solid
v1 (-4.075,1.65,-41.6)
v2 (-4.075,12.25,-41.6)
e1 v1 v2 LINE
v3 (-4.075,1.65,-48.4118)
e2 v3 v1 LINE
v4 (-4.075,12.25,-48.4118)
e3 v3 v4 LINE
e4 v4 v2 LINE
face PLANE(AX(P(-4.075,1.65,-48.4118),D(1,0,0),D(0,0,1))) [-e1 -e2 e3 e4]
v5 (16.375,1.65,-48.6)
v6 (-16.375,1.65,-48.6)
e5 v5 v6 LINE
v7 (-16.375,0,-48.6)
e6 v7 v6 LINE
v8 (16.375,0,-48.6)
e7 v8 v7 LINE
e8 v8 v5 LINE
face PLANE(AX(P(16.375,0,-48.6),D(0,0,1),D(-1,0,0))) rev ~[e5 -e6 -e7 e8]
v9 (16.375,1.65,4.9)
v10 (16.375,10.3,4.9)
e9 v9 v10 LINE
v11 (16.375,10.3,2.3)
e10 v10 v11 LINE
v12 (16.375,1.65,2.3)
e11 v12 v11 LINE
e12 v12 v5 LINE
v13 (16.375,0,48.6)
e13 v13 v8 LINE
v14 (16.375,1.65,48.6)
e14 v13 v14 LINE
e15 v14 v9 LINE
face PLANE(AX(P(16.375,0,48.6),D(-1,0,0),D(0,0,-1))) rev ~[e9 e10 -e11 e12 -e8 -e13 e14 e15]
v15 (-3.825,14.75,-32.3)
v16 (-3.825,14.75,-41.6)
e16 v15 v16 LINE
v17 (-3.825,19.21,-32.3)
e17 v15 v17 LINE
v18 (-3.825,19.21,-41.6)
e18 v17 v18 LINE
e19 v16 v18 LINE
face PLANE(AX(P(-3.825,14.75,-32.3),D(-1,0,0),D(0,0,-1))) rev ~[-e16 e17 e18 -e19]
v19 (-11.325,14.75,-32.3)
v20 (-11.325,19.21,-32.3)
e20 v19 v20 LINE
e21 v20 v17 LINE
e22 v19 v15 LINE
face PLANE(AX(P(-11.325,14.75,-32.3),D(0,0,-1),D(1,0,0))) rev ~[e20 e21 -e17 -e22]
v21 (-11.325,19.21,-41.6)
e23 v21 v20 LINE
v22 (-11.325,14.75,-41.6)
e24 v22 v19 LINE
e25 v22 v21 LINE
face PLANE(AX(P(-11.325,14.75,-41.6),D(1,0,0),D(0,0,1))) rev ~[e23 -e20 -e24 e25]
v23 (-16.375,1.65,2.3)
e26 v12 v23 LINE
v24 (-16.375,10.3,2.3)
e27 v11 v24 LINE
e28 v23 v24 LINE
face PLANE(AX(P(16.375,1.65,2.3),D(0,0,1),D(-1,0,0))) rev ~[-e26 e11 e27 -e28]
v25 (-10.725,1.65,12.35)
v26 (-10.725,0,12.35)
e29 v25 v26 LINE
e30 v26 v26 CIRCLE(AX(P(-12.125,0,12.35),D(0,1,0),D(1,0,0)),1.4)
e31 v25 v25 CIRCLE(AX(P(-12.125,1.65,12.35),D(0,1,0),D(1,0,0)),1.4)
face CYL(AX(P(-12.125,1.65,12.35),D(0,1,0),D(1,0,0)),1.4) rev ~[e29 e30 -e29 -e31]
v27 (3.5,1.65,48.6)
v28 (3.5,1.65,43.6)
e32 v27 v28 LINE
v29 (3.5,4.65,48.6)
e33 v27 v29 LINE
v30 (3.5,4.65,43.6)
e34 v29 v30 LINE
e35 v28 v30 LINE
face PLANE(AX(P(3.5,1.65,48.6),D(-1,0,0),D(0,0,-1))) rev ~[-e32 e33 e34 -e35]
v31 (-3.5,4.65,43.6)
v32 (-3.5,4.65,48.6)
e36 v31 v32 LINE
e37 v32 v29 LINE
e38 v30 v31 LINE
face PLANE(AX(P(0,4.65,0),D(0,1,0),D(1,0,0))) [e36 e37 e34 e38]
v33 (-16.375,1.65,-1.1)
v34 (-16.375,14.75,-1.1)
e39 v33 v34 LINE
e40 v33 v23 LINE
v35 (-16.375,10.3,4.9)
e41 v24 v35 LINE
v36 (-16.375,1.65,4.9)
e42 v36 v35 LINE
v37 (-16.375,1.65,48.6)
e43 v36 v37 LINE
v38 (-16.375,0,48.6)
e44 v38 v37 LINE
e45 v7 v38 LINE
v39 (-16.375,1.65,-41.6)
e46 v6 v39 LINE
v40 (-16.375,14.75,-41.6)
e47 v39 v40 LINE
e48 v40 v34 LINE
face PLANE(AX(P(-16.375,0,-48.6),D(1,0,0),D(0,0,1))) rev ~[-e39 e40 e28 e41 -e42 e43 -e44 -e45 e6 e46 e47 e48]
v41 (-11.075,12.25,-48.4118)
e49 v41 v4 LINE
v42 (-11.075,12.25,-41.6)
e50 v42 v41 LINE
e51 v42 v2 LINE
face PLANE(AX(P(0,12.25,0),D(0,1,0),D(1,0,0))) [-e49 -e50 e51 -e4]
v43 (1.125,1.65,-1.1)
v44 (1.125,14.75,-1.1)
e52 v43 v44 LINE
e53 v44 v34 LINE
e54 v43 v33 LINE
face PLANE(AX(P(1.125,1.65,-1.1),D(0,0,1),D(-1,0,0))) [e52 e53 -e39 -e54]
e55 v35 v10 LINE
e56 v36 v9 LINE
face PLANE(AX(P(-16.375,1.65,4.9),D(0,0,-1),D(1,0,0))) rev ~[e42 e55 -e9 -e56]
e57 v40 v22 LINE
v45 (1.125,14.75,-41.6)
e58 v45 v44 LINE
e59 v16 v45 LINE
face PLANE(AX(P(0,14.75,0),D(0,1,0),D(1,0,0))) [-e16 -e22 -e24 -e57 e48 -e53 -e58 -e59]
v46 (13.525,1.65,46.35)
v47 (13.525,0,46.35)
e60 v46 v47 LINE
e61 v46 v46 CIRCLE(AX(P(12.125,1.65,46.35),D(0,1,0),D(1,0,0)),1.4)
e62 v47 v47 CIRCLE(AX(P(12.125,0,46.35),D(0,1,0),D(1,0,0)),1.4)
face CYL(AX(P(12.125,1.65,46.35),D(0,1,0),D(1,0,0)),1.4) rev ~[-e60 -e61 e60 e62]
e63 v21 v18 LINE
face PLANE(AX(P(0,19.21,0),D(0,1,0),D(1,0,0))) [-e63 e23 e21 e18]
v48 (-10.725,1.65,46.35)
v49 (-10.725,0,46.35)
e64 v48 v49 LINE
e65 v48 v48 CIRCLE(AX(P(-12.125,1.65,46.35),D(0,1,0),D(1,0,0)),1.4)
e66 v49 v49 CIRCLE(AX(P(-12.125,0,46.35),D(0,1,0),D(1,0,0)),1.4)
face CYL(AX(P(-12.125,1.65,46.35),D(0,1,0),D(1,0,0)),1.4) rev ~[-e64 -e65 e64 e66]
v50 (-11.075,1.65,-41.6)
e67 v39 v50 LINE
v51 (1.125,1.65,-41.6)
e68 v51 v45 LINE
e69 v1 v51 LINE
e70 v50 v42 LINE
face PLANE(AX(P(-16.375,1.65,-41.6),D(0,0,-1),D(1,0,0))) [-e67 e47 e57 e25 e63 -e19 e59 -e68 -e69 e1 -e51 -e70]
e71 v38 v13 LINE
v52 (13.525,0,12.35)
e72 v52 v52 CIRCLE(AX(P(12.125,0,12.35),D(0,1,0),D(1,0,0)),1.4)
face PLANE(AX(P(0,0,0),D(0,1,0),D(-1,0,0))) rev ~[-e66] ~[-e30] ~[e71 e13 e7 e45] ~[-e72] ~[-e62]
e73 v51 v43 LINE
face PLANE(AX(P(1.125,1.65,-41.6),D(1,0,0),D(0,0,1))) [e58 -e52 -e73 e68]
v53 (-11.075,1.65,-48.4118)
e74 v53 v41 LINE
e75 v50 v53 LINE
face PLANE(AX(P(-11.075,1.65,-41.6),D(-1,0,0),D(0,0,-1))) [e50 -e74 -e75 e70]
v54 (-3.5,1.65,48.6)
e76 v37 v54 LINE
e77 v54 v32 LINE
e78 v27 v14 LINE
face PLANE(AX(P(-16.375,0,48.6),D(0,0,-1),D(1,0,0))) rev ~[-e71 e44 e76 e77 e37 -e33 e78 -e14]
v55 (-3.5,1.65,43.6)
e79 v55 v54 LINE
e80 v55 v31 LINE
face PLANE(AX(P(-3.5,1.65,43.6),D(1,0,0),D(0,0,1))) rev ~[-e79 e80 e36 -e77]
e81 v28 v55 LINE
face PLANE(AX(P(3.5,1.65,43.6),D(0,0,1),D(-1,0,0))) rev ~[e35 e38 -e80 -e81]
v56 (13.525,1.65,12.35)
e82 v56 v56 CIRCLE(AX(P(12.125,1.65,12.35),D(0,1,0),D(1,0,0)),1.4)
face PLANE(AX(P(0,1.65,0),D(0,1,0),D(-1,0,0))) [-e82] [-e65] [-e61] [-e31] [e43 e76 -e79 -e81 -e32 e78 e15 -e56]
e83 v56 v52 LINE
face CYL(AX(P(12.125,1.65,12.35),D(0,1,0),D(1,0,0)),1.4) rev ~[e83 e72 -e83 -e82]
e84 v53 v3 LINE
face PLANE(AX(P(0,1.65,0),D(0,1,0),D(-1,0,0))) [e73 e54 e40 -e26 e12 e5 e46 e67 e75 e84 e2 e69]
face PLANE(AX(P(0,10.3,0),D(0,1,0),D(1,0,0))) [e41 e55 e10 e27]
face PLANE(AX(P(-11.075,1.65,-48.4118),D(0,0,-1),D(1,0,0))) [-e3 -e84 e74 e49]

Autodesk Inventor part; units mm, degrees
ref_plane "YZ Plane" through (0, 0, 0) normal (1, 0, 0) x (0, 1, 0)
ref_plane "XZ Plane" through (0, 0, 0) normal (0, 1, 0) x (-1, 0, 0)
ref_plane "XY Plane" through (0, 0, 0) normal (0, 0, 1) x (1, 0, 0)
sketch "Sketch1" plane through (0, 0, 0) normal (0, 1, 0) x (-1, 0, 0)
  line L0 (16.375, 48.6) -> (-16.375, 48.6)
  line L1 (-16.375, 48.6) -> (-16.375, -48.6)
  line L2 (-16.375, -48.6) -> (16.375, -48.6)
  line L3 (16.375, -48.6) -> (16.375, 48.6)
  line L4 (16.375, 48.6) -> (-16.375, -48.6) construction
  line L5 (-16.375, 48.6) -> (16.375, -48.6) construction
  point P0 (0, 0)
  dimension "d0" = 32.75
  dimension "d1" = 97.2
extrude "Extrusion1" add sketch "Sketch1" along normal blind 1.65
sketch "Sketch3" plane through (0, 1.65, 0) normal (0, 1, 0) x (1, 0, 0)
  line L0 (-16.375, 48.6) -> (-16.375, -48.6) projected
  line L1 (-16.375, 41.6) -> (1.125, 41.6)
  line L2 (1.125, 41.6) -> (1.125, 1.1)
  line L3 (1.125, 1.1) -> (-16.375, 1.1)
  line L4 (-16.375, 1.1) -> (-16.375, 41.6)
  line L5 (16.375, 48.6) -> (-16.375, 48.6) projected
  point P0 (0, 0)
  dimension "d7" = 17.5
  dimension "d8" = 40.5
  dimension "d9" = 7
extrude "Extrusion3" add sketch "Sketch3" along normal blind 13.1
sketch "Sketch4" plane through (0, 1.65, 0) normal (0, 1, 0) x (1, 0, 0)
  line L0 (-16.375, 41.6) -> (1.125, 41.6) projected
  line L1 (-4.075, 41.6) -> (-11.075, 41.6)
  line L2 (-11.075, 41.6) -> (-11.075, 48.4118)
  line L3 (-11.075, 48.4118) -> (-4.075, 48.4118)
  line L4 (-4.075, 48.4118) -> (-4.075, 41.6)
  line L5 (-16.375, 48.6) -> (-16.375, 41.6) projected
  point P0 (0, 0)
  dimension "d12" = 7
  dimension "d13" = 5.3
extrude "Extrusion4" add sketch "Sketch4" along normal blind 10.6
sketch "Sketch5" plane through (0, 14.75, 0) normal (0, 1, 0) x (1, 0, 0)
  line L0 (1.125, 41.6) -> (-16.375, 41.6) projected
  line L1 (-16.375, 41.6) -> (-16.375, 1.1) projected
  line L2 (-16.375, 1.1) -> (1.125, 1.1) projected
  line L3 (1.125, 1.1) -> (1.125, 41.6) projected
  line L4 (-11.075, 48.4118) -> (-11.075, 41.6) projected
  line L5 (-4.075, 41.6) -> (-11.075, 41.6) projected
  line L6 (-4.075, 41.6) -> (-4.075, 48.4118) projected
  line L7 (-4.075, 48.4118) -> (-11.075, 48.4118) projected
  line L8 (-4.075, 41.6) -> (-11.075, 41.6) projected
  line L9 (-3.825, 41.6) -> (-11.325, 41.6)
  line L10 (-11.325, 41.6) -> (-11.325, 32.3)
  line L11 (-11.325, 32.3) -> (-3.825, 32.3)
  line L12 (-3.825, 32.3) -> (-3.825, 41.6)
  point P0 (0, 0)
  point P1 (-7.575, 41.6)
  dimension "d16" = 9.3
  dimension "d17" = 7.5
extrude "Extrusion5" add sketch "Sketch5" along normal blind 4.46 contours L12 L11 L10 L0
sketch "Sketch6" plane through (-4.075, 1.65, -48.4118) normal (0, 0, -1) x (-1, 0, 0)
  point P0 (-4.075, -1.65)
sketch "Sketch7" plane through (0, 1.65, 0) normal (0, 1, 0) x (1, 0, 0)
  line L0 (-11.325, 32.3) -> (-11.325, 41.6) projected
  line L1 (-11.325, 41.6) -> (-16.375, 41.6) projected
  line L2 (-16.375, 41.6) -> (-16.375, 1.1) projected
  line L3 (-16.375, 1.1) -> (1.125, 1.1) projected
  line L4 (1.125, 1.1) -> (1.125, 41.6) projected
  line L5 (1.125, 41.6) -> (-3.825, 41.6) projected
  line L6 (-3.825, 41.6) -> (-3.825, 32.3) projected
  line L7 (-3.825, 32.3) -> (-11.325, 32.3) projected
  line L8 (16.375, -48.6) -> (16.375, 48.6) projected
  line L9 (-16.375, 48.6) -> (-16.375, -48.6) projected
  line L10 (16.375, -2.3) -> (-16.375, -2.3)
  line L11 (-16.375, -2.3) -> (-16.375, -4.9)
  line L12 (-16.375, -4.9) -> (16.375, -4.9)
  line L13 (16.375, -4.9) -> (16.375, -2.3)
  point P0 (0, 0)
  point P1 (-16.375, -2.3)
  dimension "d20" = 2.6
  dimension "d21" = 3.4
extrude "Extrusion6" add sketch "Sketch7" along normal blind 8.65 contours L10 L8 L12 L9
sketch "Sketch8" plane through (0, 1.65, 0) normal (0, 1, 0) x (1, 0, 0)
  circle A0 centre (-12.125, -46.35) radius 1.4
  line L0 (-16.375, -4.9) -> (-16.375, -48.6) projected
  line L1 (-16.375, -48.6) -> (16.375, -48.6) projected
  circle A1 centre (-12.125, -12.35) radius 1.4
  line L2 (0, -48.6) -> (0, 0) construction
  circle A2 centre (12.125, -46.35) radius 1.4
  circle A3 centre (12.125, -12.35) radius 1.4
  dimension "d24" = 2.8
  dimension "d25" = 4.25
  dimension "d26" = 2.25
  dimension "d27" = 34
extrude "Extrusion7" cut sketch "Sketch8" against normal up to surface (1.65 mm away)
sketch "Sketch9" plane through (0, 1.65, 0) normal (0, 1, 0) x (1, 0, 0)
  line L0 (-16.375, -48.6) -> (16.375, -48.6) projected
  line L1 (3.5, -43.6) -> (-3.5, -43.6)
  line L2 (-3.5, -43.6) -> (-3.5, -48.6)
  line L3 (-3.5, -48.6) -> (3.5, -48.6)
  line L4 (3.5, -48.6) -> (3.5, -43.6)
  line L5 (3.5, -43.6) -> (-3.5, -48.6) construction
  line L6 (-3.5, -43.6) -> (3.5, -48.6) construction
  point P0 (0, 0)
  point P1 (0, -46.1)
  point P2 (0, -48.6)
  dimension "d30" = 5
  dimension "d31" = 7
extrude "Extrusion8" add sketch "Sketch9" along normal blind 3
properties part number "PCB Board"
